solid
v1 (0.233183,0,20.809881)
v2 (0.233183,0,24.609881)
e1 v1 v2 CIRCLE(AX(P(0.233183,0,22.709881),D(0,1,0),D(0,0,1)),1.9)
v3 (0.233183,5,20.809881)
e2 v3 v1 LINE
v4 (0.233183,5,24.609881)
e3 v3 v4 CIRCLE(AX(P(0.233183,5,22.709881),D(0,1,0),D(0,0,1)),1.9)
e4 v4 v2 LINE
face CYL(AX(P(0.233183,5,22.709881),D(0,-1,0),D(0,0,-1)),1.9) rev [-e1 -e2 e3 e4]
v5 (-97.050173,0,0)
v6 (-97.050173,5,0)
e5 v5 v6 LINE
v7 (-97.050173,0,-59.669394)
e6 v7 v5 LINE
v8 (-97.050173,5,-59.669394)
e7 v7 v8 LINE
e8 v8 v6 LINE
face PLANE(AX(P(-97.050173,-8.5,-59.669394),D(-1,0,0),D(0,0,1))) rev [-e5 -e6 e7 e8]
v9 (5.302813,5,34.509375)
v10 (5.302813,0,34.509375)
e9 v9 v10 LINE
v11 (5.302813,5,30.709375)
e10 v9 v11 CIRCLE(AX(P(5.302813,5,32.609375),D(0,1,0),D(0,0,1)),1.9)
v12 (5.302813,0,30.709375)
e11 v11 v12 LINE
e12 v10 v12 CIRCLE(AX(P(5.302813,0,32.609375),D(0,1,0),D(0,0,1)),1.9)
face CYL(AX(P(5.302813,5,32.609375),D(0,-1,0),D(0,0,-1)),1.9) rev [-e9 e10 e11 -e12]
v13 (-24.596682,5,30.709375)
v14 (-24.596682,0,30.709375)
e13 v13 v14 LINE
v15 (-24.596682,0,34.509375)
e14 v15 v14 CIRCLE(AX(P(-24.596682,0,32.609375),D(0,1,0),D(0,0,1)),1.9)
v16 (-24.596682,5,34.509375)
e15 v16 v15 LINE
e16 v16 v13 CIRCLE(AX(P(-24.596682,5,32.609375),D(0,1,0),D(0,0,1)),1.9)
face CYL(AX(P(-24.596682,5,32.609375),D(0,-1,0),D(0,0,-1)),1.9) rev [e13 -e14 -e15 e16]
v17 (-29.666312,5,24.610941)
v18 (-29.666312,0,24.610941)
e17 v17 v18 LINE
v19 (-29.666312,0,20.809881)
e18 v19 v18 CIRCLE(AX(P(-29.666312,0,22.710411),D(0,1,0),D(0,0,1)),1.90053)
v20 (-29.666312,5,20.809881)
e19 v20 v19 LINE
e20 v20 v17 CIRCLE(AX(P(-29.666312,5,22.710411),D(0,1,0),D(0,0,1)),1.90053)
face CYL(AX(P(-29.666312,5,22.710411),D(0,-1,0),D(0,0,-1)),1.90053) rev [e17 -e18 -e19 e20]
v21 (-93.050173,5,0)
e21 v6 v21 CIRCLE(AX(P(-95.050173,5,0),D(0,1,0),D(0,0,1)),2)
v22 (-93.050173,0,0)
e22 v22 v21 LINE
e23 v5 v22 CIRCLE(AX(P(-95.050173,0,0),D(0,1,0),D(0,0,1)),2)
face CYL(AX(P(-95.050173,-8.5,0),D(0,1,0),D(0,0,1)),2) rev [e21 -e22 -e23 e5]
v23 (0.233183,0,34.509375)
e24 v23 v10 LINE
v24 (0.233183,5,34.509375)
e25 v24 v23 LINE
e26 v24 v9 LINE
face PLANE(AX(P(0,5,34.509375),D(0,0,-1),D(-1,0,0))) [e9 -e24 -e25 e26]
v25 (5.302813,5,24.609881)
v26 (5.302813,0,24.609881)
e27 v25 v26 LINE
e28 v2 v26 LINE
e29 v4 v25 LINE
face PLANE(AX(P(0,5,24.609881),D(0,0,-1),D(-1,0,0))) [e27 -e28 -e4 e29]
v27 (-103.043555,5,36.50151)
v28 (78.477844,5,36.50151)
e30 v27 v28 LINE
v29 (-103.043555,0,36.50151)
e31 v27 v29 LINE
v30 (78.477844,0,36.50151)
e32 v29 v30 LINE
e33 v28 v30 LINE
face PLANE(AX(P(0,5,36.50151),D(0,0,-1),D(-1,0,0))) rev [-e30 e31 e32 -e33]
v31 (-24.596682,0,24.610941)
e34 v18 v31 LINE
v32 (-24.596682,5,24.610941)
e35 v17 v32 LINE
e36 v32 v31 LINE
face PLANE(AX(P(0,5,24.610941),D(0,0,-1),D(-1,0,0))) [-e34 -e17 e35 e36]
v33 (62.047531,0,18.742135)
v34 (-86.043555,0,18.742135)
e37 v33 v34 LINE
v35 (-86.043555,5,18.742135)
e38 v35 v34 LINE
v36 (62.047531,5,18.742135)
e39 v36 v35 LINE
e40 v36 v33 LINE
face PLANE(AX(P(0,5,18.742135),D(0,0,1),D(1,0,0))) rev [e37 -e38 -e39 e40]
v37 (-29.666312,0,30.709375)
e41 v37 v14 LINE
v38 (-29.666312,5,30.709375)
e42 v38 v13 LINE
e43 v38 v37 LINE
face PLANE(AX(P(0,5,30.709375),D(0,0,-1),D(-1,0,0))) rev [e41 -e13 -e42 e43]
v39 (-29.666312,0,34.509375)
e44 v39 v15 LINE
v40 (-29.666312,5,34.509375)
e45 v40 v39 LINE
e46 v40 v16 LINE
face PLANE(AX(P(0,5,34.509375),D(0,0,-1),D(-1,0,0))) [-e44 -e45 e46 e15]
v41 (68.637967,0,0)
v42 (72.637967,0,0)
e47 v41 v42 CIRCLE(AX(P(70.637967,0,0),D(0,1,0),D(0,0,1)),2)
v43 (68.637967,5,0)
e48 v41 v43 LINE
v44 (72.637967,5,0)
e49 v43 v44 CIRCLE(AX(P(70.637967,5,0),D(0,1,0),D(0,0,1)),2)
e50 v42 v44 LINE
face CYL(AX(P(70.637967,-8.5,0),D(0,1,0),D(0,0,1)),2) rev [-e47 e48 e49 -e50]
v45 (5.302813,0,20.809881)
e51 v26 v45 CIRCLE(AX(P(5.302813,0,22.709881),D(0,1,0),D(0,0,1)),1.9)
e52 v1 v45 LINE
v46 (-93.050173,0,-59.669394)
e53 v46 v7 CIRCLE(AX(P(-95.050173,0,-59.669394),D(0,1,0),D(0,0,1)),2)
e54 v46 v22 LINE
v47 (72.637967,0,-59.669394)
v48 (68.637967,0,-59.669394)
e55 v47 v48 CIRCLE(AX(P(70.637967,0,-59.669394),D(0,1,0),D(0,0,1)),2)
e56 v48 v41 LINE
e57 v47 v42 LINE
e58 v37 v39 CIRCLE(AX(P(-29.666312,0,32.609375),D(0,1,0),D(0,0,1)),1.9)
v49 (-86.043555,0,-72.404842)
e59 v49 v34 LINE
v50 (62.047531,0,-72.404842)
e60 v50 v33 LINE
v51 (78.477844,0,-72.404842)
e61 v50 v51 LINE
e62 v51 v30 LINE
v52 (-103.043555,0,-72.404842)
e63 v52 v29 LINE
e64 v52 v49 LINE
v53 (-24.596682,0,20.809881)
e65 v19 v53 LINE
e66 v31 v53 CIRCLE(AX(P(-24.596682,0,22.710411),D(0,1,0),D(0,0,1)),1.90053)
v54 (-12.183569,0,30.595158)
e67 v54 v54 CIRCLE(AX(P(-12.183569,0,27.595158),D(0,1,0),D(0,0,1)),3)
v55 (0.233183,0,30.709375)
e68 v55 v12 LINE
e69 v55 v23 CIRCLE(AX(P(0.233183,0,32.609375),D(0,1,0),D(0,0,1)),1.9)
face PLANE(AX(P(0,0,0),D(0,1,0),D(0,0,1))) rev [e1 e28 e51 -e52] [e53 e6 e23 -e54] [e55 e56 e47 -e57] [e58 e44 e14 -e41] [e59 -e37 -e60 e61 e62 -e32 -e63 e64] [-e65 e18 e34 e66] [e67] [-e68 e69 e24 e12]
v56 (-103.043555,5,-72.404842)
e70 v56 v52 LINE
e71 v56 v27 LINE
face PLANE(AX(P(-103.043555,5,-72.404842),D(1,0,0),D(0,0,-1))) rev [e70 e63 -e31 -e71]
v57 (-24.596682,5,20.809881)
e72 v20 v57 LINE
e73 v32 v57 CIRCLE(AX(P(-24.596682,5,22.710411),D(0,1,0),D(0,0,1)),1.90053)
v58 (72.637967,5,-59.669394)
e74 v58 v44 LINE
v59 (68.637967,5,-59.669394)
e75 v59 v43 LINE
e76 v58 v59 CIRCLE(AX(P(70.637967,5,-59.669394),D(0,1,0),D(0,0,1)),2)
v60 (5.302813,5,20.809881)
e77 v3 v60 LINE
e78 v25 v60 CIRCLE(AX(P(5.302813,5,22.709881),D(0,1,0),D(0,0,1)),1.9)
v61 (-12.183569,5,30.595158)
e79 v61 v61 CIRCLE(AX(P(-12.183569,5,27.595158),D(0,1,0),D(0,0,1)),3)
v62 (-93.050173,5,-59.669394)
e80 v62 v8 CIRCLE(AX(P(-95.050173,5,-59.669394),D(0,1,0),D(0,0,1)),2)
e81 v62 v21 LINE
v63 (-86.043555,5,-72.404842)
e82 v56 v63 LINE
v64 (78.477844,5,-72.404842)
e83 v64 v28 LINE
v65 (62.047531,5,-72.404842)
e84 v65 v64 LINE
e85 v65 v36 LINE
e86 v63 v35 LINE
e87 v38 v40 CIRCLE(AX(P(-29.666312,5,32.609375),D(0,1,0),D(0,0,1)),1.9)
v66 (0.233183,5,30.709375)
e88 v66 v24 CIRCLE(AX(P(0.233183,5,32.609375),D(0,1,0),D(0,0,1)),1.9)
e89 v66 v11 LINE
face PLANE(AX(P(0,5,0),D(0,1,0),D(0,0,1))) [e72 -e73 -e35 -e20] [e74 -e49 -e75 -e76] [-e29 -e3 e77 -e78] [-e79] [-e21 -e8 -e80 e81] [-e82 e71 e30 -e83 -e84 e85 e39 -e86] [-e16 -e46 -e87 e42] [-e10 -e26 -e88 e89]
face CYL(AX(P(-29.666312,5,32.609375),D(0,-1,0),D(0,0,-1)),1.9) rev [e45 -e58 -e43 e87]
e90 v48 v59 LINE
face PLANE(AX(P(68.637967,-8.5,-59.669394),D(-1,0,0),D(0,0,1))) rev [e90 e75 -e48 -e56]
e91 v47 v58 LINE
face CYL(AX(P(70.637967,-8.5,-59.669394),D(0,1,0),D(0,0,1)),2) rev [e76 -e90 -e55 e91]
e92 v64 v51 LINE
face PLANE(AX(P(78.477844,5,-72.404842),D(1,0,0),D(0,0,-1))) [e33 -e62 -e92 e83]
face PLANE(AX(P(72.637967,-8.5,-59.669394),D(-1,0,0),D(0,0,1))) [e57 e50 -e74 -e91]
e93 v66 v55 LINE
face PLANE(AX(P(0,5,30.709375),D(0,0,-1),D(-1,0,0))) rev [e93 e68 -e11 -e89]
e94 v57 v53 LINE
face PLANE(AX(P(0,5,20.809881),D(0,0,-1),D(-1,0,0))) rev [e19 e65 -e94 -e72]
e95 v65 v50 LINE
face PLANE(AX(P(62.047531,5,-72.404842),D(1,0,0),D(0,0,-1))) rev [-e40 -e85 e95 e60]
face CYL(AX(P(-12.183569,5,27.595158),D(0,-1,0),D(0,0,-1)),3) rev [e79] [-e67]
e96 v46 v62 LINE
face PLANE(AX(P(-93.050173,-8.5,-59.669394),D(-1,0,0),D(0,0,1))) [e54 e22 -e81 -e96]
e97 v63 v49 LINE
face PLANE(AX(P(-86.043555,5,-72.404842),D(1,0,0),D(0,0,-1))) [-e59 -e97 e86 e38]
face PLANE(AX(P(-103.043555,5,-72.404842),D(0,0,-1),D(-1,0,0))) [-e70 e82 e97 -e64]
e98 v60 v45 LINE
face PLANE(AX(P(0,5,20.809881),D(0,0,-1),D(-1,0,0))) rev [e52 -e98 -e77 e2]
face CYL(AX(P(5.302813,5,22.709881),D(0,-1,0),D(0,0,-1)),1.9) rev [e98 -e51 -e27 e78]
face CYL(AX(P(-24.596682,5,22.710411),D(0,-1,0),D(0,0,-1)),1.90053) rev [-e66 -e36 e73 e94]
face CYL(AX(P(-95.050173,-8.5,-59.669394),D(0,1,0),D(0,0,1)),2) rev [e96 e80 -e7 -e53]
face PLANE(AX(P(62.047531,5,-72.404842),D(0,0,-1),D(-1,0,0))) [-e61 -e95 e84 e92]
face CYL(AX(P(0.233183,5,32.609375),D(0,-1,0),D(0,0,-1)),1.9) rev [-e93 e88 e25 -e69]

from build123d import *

# Parameters (mm, degrees)
SKETCH_5_R          = 3
EXTRUDE_4_DEPTH     = 5
CUT_EXTRUDE_2_DEPTH = 8.5
CUT_EXTRUDE_4_DEPTH = 8.5


with BuildPart() as part:
    # 草图5 → 凸台-拉伸4 (new body)
    with BuildSketch(Plane(origin=(0, 0, 0), x_dir=(1, 0, 0), z_dir=(0, 1, 0))):
        Polygon((-103.043555275, 72.404841583), (-103.043555275, -36.501510282), (78.477843527, -36.501510282), (78.477843527, 72.404841583), (62.047530944, 72.404841583), (62.047530944, -18.742135335), (-86.043555275, -18.742135335), (-86.043555275, 72.404841583), align=None)
        with BuildLine():
            Line((0.233182571, -20.809880528), (5.30281271, -20.809880528))
            ThreePointArc((5.30281271, -20.809880528), (7.20281271, -22.709880528), (5.30281271, -24.609880528))
            Line((5.30281271, -24.609880528), (0.233182571, -24.609880528))
            ThreePointArc((0.233182571, -24.609880528), (-1.666817429, -22.709880528), (0.233182571, -20.809880528))
        make_face(mode=Mode.SUBTRACT)
        with BuildLine():
            ThreePointArc((-29.666312365, -34.509375465), (-31.566312365, -32.609375465), (-29.666312365, -30.709375465))
            Line((-29.666312365, -30.709375465), (-24.596682227, -30.709375465))
            ThreePointArc((-24.596682227, -30.709375465), (-22.696682227, -32.609375465), (-24.596682227, -34.509375465))
            Line((-24.596682227, -34.509375465), (-29.666312365, -34.509375465))
        make_face(mode=Mode.SUBTRACT)
        with BuildLine():
            ThreePointArc((-29.666312365, -24.610941368), (-31.566842785, -22.710410948), (-29.666312365, -20.809880528))
            Line((-29.666312365, -20.809880528), (-24.596682227, -20.809880528))
            ThreePointArc((-24.596682227, -20.809880528), (-22.696151807, -22.710410948), (-24.596682227, -24.610941368))
            Line((-24.596682227, -24.610941368), (-29.666312365, -24.610941368))
        make_face(mode=Mode.SUBTRACT)
        with BuildLine():
            ThreePointArc((0.233182571, -34.509375465), (-1.666817429, -32.609375465), (0.233182571, -30.709375465))
            Line((0.233182571, -30.709375465), (5.30281271, -30.709375465))
            ThreePointArc((5.30281271, -30.709375465), (7.20281271, -32.609375465), (5.30281271, -34.509375465))
            Line((5.30281271, -34.509375465), (0.233182571, -34.509375465))
        make_face(mode=Mode.SUBTRACT)
        with Locations((-12.183568637, -27.595158417)):
            Circle(SKETCH_5_R, mode=Mode.SUBTRACT)
    extrude(amount=EXTRUDE_4_DEPTH)

    # 草图5<14> → 切除-拉伸2 (cut, symmetric)
    with BuildSketch(Plane(origin=(0, 0, 0), x_dir=(1, 0, 0), z_dir=(0, 1, 0))):
        with BuildLine():
            Line((-93.050173308, 59.6693943), (-93.050173308, 0))
            ThreePointArc((-93.050173308, 0), (-95.050173308, -2), (-97.050173308, 0))
            Line((-97.050173308, 0), (-97.050173308, 59.6693943))
            ThreePointArc((-97.050173308, 59.6693943), (-95.050173308, 61.6693943), (-93.050173308, 59.6693943))
        make_face()
    extrude(amount=CUT_EXTRUDE_2_DEPTH, both=True, mode=Mode.SUBTRACT)

    # 草图5<16> → 切除-拉伸4 (cut, symmetric)
    with BuildSketch(Plane(origin=(0, 0, 0), x_dir=(1, 0, 0), z_dir=(0, 1, 0))):
        with BuildLine():
            Line((72.637966918, 59.6693943), (72.637966918, 0))
            ThreePointArc((72.637966918, 0), (70.637966918, -2), (68.637966918, 0))
            Line((68.637966918, 0), (68.637966918, 59.6693943))
            ThreePointArc((68.637966918, 59.6693943), (70.637966918, 61.6693943), (72.637966918, 59.6693943))
        make_face()
    extrude(amount=CUT_EXTRUDE_4_DEPTH, both=True, mode=Mode.SUBTRACT)


solid = part.part
